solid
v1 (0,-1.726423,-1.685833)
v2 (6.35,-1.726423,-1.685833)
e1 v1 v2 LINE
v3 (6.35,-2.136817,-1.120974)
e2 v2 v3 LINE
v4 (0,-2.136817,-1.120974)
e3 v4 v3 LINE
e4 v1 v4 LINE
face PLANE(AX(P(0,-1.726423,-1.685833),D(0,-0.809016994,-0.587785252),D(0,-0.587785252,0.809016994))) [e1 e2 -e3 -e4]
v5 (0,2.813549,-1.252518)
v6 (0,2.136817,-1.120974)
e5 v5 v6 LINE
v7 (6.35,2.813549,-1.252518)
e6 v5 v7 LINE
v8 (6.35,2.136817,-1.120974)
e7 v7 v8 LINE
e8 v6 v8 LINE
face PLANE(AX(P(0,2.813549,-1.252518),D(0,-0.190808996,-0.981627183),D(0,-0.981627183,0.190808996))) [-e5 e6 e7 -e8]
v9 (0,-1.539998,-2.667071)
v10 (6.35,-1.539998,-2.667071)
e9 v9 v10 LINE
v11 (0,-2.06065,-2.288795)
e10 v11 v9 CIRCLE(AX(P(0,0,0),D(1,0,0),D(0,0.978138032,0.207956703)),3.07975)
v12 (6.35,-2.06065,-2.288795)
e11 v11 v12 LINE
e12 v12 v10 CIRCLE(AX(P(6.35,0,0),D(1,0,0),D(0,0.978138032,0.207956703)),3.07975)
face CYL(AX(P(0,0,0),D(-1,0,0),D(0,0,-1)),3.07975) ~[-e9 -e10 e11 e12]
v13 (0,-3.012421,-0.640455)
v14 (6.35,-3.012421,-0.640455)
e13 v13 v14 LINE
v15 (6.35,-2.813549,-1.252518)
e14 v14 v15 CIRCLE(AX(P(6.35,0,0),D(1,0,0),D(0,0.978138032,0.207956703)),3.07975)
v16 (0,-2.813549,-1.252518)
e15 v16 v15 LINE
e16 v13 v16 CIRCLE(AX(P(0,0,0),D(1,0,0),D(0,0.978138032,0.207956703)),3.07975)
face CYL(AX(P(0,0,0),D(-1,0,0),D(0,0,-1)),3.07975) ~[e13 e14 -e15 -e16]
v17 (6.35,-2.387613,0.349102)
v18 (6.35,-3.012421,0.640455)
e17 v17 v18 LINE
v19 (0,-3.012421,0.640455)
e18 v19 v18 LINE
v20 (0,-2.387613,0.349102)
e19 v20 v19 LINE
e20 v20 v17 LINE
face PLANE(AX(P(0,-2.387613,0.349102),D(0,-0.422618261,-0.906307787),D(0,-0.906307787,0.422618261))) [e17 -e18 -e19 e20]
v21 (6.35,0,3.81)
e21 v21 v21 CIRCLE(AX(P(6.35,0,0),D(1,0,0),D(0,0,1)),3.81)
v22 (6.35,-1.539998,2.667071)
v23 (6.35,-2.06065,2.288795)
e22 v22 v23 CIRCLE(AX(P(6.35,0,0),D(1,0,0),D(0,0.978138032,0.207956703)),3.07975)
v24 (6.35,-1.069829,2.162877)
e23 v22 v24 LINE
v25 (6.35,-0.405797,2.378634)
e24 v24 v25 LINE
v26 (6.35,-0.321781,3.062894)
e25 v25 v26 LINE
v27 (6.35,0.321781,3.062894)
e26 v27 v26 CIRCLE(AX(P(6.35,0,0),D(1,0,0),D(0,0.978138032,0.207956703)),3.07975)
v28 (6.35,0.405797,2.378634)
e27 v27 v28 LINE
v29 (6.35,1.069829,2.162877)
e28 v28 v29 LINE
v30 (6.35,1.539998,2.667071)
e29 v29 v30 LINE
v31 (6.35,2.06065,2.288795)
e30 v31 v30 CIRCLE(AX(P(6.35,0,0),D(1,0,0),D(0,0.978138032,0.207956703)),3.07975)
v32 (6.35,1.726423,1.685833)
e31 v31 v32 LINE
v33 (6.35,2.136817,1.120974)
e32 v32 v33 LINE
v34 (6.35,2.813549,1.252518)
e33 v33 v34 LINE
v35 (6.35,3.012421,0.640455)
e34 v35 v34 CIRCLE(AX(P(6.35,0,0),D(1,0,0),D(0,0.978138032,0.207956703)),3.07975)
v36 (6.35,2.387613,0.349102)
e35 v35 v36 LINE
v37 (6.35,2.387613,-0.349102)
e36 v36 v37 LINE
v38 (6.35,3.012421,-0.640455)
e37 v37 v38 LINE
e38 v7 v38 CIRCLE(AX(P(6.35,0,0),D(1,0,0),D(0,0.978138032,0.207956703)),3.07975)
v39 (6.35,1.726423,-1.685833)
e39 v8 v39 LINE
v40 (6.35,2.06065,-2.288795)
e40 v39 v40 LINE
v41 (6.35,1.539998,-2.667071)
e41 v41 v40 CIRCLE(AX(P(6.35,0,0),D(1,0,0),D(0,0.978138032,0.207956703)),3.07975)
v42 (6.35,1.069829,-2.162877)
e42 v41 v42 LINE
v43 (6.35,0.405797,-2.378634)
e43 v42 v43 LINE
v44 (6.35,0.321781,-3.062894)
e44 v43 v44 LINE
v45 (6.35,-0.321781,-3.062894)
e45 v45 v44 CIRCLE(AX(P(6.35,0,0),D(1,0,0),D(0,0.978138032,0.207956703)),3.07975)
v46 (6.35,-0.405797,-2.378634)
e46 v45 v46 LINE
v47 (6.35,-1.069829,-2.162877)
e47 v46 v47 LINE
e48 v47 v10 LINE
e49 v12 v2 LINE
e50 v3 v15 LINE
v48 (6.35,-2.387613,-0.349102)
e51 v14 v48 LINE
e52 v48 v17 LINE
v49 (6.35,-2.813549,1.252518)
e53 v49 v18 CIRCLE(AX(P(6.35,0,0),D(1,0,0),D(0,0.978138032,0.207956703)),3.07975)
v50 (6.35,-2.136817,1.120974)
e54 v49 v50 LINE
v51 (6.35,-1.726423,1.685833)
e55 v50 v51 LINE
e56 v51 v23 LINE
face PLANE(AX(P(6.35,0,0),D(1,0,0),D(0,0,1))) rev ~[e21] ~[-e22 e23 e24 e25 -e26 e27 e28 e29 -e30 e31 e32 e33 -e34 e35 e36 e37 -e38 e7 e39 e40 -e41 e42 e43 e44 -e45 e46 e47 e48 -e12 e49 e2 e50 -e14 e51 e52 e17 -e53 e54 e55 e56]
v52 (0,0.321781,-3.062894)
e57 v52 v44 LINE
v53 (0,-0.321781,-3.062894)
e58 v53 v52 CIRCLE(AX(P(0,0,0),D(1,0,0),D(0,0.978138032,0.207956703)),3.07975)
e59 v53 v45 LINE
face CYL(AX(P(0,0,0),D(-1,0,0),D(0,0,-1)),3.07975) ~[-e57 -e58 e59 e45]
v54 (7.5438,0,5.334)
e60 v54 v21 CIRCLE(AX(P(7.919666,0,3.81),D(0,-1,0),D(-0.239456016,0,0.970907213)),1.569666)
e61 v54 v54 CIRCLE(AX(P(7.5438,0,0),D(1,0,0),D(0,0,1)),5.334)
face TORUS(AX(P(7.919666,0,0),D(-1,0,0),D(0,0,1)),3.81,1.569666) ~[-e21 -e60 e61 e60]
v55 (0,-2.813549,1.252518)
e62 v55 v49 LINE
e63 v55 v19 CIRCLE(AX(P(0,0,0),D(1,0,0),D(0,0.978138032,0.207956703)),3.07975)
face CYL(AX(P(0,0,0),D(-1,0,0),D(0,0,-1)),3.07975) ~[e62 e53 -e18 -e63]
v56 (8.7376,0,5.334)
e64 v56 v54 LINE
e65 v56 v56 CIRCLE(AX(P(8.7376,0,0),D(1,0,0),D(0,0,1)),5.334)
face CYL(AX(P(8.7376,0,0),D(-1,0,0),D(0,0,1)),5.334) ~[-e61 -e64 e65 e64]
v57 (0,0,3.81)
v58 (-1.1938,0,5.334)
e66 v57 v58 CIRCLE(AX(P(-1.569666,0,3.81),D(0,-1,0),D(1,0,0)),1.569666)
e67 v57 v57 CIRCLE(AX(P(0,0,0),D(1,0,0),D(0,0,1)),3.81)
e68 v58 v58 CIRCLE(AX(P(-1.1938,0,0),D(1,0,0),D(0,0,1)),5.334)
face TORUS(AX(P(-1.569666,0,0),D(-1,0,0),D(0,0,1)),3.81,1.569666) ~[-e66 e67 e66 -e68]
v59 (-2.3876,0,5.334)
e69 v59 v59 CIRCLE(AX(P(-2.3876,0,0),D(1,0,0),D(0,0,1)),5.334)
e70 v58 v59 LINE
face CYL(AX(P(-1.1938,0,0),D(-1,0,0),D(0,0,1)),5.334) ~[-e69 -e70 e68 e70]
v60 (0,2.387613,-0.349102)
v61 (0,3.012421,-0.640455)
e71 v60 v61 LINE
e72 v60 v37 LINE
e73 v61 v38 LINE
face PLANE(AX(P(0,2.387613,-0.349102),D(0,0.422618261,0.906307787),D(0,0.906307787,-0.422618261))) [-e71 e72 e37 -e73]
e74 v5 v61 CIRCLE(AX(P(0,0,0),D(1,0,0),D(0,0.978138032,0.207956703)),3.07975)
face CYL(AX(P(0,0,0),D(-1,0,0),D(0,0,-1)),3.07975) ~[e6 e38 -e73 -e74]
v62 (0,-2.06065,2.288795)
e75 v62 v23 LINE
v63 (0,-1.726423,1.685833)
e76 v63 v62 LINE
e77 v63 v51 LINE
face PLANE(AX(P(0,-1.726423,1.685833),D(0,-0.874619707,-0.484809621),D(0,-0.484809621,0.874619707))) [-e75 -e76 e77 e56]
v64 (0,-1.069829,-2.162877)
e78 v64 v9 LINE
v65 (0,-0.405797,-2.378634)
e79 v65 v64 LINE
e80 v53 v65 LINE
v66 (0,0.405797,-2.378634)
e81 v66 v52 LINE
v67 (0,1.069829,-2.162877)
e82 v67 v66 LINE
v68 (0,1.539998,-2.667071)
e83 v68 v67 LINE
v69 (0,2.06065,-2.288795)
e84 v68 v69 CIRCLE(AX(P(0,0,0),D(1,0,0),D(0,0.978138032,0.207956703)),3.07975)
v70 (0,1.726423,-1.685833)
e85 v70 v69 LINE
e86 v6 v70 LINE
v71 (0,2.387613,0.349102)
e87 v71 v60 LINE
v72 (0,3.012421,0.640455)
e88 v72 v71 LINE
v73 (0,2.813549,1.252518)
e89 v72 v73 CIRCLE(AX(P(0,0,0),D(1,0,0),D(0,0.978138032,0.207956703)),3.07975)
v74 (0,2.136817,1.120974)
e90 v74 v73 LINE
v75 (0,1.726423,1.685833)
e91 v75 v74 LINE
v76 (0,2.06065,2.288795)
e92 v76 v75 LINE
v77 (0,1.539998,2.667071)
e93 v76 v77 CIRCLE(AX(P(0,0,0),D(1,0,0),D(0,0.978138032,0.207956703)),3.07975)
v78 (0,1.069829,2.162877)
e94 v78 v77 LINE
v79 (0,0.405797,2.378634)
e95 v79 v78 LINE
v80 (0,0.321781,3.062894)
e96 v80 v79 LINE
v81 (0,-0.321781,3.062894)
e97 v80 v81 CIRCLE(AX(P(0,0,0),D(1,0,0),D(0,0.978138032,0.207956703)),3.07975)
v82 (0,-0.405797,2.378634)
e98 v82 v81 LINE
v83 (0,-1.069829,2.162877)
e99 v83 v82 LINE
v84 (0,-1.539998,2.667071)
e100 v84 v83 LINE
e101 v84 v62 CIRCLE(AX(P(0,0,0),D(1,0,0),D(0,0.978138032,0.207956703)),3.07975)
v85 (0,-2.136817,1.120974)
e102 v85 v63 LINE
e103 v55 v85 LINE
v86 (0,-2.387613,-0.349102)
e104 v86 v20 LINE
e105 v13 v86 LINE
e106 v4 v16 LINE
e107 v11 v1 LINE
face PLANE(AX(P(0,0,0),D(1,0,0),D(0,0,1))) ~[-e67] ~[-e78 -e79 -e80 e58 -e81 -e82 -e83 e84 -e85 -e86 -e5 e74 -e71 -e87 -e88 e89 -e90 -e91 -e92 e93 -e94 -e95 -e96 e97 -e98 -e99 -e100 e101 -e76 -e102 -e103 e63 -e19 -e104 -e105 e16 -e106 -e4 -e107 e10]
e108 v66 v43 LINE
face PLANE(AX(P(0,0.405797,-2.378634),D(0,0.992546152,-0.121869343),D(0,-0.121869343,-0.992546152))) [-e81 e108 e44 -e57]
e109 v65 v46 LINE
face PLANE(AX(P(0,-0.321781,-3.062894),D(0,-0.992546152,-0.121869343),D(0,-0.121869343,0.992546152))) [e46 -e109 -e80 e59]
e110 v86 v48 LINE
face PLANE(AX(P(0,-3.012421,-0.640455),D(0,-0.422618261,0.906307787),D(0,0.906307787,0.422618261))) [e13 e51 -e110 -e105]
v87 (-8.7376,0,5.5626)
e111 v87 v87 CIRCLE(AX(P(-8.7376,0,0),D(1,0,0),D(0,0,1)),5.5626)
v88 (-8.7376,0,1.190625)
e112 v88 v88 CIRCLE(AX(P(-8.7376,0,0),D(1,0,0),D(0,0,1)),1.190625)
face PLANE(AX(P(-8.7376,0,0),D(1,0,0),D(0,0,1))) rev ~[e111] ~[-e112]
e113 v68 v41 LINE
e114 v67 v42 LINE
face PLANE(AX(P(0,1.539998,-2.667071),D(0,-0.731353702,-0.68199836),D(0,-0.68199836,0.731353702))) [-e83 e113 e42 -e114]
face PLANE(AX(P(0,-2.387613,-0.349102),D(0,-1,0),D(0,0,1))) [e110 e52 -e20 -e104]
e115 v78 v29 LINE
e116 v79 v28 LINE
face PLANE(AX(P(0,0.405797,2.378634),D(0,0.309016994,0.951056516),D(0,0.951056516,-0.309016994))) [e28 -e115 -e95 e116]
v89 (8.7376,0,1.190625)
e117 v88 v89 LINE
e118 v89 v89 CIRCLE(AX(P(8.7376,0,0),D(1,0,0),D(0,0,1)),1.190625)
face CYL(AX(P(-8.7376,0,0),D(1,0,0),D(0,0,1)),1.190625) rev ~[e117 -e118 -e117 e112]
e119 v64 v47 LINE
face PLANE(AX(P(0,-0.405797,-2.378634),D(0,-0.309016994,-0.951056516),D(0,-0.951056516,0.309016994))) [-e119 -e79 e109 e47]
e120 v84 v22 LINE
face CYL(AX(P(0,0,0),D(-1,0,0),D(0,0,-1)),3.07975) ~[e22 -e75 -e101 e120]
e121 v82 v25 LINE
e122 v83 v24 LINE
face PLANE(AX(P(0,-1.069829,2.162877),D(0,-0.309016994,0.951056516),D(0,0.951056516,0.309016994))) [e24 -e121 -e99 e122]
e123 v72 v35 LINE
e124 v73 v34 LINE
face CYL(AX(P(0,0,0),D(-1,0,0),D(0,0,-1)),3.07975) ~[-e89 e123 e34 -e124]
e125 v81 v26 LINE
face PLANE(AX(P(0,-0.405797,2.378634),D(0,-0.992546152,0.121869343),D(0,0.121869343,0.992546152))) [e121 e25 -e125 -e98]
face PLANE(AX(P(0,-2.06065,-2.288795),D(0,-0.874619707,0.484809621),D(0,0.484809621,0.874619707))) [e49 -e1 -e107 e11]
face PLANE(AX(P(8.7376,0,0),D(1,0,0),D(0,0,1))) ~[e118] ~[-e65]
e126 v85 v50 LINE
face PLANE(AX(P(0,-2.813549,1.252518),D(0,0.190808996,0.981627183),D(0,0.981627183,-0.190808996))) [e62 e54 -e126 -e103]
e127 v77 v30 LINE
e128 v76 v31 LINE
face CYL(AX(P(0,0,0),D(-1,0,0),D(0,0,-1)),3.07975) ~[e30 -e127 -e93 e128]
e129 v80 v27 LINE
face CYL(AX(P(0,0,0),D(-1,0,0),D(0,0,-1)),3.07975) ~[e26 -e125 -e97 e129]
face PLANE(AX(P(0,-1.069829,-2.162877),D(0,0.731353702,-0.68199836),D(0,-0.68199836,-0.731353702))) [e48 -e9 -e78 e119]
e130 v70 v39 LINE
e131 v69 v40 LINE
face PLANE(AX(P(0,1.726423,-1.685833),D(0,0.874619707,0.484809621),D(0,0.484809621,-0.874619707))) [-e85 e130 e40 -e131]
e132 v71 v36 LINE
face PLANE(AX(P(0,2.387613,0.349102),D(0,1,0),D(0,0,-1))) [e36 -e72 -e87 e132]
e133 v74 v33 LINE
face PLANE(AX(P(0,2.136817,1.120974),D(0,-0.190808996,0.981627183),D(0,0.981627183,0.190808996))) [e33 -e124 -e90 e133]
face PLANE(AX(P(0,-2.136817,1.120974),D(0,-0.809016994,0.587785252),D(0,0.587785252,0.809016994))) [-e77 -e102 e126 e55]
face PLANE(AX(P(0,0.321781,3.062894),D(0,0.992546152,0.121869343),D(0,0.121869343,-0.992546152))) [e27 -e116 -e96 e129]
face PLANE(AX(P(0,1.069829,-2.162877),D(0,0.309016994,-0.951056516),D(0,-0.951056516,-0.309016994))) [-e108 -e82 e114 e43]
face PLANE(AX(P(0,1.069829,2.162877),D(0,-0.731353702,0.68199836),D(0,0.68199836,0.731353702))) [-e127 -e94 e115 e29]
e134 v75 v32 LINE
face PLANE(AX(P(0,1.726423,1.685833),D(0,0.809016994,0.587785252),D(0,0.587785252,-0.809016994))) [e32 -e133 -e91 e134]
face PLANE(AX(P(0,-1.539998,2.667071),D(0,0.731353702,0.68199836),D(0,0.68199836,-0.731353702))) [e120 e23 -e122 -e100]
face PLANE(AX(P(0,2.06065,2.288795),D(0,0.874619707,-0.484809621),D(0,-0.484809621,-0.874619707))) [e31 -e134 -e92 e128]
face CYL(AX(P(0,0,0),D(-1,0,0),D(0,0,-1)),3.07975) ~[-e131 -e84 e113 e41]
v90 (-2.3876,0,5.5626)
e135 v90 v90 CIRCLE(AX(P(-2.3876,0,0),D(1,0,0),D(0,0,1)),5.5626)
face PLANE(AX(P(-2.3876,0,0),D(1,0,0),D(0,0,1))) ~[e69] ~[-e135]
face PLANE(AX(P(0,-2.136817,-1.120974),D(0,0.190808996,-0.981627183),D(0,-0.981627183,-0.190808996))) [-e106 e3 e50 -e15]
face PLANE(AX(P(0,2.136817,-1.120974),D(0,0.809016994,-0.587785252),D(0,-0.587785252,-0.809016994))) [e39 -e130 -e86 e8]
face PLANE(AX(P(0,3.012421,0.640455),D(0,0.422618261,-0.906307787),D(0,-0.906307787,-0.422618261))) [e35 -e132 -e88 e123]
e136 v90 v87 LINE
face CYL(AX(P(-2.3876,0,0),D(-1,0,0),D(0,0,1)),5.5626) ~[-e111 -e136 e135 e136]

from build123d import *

# Parameters (mm, degrees)
SKETCH4_R          = 3.2385
SKETCH4_R_2        = 3.07975
CUT_EXTRUDE2_DEPTH = 6.35
CUT_EXTRUDE1_DEPTH = 6.35
CIRPATTERN1_COUNT  = 10


with BuildPart() as part:
    # Sketch1 → Revolve1 (revolve)
    with BuildSketch(Plane.XY, mode=Mode.PRIVATE) as revolve1_sk:
        with BuildLine():
            Line((-8.7376, 1.190625), (8.7376, 1.190625))
            Line((8.7376, 1.190625), (8.7376, 5.334))
            Line((8.7376, 5.334), (7.5438, 5.334))
            ThreePointArc((7.5438, 5.334), (6.683980881, 4.77795331), (6.35, 3.81))
            Line((6.35, 3.81), (6.35, 3.2385))
            Line((6.35, 3.2385), (0, 3.2385))
            Line((0, 3.2385), (0, 3.81))
            ThreePointArc((0, 3.81), (-0.333980881, 4.77795331), (-1.1938, 5.334))
            Line((-1.1938, 5.334), (-2.3876, 5.334))
            Line((-2.3876, 5.334), (-2.3876, 5.5626))
            Line((-2.3876, 5.5626), (-8.7376, 5.5626))
            Line((-8.7376, 5.5626), (-8.7376, 1.190625))
        make_face()
    revolve(revolve1_sk.sketch.rotate(Axis((-8.7376, 0, 0), (1, 0, 0)), 90), axis=Axis((-8.7376, 0, 0), (1, 0, 0)))

    # Sketch4 → Cut-Extrude2 (cut)
    with BuildSketch(Plane(origin=(0, 0, 0), x_dir=(0, 0, -1), z_dir=(1, 0, 0))):
        Circle(SKETCH4_R)
        Circle(SKETCH4_R_2, mode=Mode.SUBTRACT)
    extrude(amount=CUT_EXTRUDE2_DEPTH, mode=Mode.SUBTRACT)

    # Sketch3 → Cut-Extrude1 (cut)
    with BuildSketch(Plane(origin=(0, 0, 0), x_dir=(0, 0, -1), z_dir=(1, 0, 0))):
        with BuildLine():
            Line((-0.640454656, 3.012420604), (-0.349102168, 2.387613176))
            Line((-0.349102168, 2.387613176), (0.349102168, 2.387613176))
            Line((0.349102168, 2.387613176), (0.640454656, 3.012420604))
            ThreePointArc((0.640454656, 3.012420604), (0, 3.07975), (-0.640454656, 3.012420604))
        make_face()
    cut_extrude1 = extrude(amount=CUT_EXTRUDE1_DEPTH, mode=Mode.SUBTRACT)

    # CirPattern1: Cut-Extrude1 ×10 about axis
    cirpattern1_axis = Axis((0, 0, 0), (1, 0, 0))
    for i in range(1, CIRPATTERN1_COUNT):
        add(cut_extrude1.rotate(cirpattern1_axis, i * 360 / CIRPATTERN1_COUNT), mode=Mode.SUBTRACT)


solid = part.part
